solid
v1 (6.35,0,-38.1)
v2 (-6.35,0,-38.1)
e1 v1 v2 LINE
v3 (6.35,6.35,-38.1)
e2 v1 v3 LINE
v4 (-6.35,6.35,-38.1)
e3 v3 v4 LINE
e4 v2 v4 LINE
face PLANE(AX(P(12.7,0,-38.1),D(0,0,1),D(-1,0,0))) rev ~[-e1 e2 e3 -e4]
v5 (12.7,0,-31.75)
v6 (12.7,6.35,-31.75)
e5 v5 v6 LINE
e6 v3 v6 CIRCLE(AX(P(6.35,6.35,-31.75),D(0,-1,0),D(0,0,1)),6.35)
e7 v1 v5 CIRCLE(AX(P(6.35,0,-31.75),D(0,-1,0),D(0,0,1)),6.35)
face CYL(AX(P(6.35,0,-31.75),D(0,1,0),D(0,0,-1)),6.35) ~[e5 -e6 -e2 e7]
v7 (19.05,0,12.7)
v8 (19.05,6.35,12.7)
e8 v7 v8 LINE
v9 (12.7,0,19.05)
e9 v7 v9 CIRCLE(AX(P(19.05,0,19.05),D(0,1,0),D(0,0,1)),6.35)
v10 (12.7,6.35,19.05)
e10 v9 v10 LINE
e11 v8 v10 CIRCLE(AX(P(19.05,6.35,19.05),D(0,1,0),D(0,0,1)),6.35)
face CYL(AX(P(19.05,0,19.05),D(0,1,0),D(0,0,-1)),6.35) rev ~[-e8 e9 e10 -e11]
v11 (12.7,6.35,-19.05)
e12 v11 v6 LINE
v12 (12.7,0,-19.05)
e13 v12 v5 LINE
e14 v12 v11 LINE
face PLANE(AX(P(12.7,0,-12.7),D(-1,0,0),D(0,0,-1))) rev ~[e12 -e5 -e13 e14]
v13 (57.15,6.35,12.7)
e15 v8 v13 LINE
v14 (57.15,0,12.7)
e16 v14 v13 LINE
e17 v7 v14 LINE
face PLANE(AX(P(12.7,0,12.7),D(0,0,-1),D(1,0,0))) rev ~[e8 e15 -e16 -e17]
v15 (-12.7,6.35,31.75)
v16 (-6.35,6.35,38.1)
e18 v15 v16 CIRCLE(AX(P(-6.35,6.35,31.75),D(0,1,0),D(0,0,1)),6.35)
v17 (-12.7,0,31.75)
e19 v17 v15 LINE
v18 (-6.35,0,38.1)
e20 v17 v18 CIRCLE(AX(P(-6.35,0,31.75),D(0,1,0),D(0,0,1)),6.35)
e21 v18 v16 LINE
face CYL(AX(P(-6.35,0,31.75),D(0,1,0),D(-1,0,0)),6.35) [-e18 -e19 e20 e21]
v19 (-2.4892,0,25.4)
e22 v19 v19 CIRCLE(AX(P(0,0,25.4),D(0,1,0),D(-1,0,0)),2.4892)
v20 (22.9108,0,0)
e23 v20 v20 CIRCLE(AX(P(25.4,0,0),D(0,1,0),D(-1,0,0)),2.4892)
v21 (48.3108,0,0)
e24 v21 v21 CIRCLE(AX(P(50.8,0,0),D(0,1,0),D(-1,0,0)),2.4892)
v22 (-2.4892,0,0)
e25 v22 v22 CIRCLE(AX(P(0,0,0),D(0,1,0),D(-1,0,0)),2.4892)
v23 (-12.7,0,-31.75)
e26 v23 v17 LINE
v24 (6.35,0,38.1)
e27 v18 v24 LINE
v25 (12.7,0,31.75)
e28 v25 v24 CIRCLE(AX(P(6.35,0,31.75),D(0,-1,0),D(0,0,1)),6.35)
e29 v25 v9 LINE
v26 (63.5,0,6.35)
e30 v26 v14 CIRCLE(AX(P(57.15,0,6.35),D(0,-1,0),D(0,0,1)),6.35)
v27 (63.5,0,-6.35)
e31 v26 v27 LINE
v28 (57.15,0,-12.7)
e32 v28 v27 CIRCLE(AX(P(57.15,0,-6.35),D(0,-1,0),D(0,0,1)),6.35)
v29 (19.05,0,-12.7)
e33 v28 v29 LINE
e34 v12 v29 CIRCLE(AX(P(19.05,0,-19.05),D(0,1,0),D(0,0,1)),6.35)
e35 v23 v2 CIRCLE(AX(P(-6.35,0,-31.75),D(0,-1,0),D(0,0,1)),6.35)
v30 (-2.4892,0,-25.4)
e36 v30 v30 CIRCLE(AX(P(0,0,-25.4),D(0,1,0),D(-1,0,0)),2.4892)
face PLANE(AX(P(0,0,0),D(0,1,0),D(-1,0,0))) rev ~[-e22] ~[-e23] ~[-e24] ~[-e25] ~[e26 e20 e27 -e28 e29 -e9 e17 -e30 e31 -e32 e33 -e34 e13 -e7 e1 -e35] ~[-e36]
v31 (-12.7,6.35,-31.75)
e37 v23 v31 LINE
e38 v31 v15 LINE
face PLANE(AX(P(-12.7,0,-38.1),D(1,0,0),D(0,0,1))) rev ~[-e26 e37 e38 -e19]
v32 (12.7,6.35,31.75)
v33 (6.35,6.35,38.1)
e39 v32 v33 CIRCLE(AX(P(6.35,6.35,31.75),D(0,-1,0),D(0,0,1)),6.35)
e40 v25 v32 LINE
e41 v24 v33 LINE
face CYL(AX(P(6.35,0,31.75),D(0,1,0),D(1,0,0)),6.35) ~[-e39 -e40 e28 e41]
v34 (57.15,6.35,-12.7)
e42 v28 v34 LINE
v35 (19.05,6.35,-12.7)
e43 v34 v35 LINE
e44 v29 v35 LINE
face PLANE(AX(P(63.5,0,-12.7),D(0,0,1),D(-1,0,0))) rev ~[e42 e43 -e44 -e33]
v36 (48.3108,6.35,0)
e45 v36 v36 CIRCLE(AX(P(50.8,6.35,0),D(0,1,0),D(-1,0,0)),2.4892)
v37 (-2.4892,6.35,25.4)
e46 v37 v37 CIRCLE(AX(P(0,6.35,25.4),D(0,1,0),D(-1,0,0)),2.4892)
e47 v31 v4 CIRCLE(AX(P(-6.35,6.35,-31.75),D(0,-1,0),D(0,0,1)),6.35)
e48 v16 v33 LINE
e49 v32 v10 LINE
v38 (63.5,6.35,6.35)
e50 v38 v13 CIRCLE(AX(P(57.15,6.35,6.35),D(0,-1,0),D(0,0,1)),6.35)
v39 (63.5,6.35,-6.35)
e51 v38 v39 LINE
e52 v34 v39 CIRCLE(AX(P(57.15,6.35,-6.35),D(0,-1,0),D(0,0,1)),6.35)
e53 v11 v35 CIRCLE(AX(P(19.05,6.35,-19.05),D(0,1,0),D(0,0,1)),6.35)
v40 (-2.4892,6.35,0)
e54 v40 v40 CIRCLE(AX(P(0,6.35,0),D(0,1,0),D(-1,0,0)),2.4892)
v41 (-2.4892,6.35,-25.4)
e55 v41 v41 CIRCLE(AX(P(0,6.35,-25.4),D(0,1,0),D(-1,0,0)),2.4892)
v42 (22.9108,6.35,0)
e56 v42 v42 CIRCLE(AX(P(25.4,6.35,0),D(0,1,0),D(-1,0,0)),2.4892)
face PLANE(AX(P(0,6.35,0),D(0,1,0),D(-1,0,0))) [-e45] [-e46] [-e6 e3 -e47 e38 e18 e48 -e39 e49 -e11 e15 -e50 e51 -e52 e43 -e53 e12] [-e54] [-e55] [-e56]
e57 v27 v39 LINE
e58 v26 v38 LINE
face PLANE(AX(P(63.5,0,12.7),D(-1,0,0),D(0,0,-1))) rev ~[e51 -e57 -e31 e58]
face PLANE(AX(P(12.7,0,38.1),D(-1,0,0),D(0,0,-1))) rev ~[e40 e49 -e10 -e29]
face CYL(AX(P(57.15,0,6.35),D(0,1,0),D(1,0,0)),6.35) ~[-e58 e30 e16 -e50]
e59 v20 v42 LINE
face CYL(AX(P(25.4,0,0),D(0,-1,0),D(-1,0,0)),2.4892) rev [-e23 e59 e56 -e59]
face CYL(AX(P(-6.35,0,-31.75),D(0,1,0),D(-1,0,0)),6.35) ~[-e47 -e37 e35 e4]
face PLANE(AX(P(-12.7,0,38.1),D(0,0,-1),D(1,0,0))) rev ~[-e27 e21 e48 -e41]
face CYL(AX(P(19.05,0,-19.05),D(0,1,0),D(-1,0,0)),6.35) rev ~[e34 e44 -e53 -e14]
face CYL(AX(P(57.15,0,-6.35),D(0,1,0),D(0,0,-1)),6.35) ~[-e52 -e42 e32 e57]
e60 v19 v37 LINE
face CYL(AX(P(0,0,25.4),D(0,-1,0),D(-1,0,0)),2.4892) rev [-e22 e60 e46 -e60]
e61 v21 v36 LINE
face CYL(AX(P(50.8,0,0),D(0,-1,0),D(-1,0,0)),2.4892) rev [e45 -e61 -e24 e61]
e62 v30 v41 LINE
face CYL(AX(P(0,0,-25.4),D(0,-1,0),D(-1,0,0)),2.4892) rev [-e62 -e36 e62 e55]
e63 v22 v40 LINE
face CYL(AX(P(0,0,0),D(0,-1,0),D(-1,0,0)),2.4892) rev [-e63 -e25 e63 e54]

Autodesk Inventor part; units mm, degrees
ref_plane "YZ Plane" through (0, 0, 0) normal (1, 0, 0) x (0, 1, 0)
ref_plane "XZ Plane" through (0, 0, 0) normal (0, 1, 0) x (-1, 0, 0)
ref_plane "XY Plane" through (0, 0, 0) normal (0, 0, 1) x (1, 0, 0)
sketch "Sketch1" plane through (0, 0, 0) normal (0, 1, 0) x (-1, 0, 0)
  circle A0 centre (0, 0) radius 2.4892
  circle A1 centre (0, 25.4) radius 2.4892
  circle A2 centre (0, -25.4) radius 2.4892
  circle A3 centre (-25.4, 0) radius 2.4892
  circle A4 centre (-50.8, 0) radius 2.4892
  line L0 (12.7, 38.1) -> (-12.7, 38.1)
  line L1 (-12.7, 38.1) -> (-12.7, 12.7)
  line L2 (-12.7, 12.7) -> (-63.5, 12.7)
  line L3 (-63.5, 12.7) -> (-63.5, -12.7)
  line L4 (-63.5, -12.7) -> (-12.7, -12.7)
  line L5 (-12.7, -12.7) -> (-12.7, -38.1)
  line L6 (-12.7, -38.1) -> (12.7, -38.1)
  line L7 (12.7, -38.1) -> (12.7, 38.1)
  point P0 (-63.5, 0)
  point P1 (0, 38.1)
  dimension "d0" = 4.9784
  dimension "d1" = 25.4
  dimension "d2" = 25.4
  dimension "d3" = 25.4
  dimension "d4" = 25.4
  dimension "d5" = 25.4
  dimension "d6" = 12.7
  dimension "d7" = 12.7
  dimension "d8" = 12.7
extrude "Extrusion1" add sketch "Sketch1" along normal blind 6.35
fillet "Fillet1" radius 6.35 8 edges at (-12.7, 3.175, 38.1) (12.7, 3.175, 38.1) (12.7, 3.175, 12.7) (63.5, 3.175, 12.7) (63.5, 3.175, -12.7) (12.7, 3.175, -12.7) (12.7, 3.175, -38.1) (-12.7, 3.175, -38.1)
properties part number "STRU_022_DVBSBracket3" material "Aluminum 6061"
